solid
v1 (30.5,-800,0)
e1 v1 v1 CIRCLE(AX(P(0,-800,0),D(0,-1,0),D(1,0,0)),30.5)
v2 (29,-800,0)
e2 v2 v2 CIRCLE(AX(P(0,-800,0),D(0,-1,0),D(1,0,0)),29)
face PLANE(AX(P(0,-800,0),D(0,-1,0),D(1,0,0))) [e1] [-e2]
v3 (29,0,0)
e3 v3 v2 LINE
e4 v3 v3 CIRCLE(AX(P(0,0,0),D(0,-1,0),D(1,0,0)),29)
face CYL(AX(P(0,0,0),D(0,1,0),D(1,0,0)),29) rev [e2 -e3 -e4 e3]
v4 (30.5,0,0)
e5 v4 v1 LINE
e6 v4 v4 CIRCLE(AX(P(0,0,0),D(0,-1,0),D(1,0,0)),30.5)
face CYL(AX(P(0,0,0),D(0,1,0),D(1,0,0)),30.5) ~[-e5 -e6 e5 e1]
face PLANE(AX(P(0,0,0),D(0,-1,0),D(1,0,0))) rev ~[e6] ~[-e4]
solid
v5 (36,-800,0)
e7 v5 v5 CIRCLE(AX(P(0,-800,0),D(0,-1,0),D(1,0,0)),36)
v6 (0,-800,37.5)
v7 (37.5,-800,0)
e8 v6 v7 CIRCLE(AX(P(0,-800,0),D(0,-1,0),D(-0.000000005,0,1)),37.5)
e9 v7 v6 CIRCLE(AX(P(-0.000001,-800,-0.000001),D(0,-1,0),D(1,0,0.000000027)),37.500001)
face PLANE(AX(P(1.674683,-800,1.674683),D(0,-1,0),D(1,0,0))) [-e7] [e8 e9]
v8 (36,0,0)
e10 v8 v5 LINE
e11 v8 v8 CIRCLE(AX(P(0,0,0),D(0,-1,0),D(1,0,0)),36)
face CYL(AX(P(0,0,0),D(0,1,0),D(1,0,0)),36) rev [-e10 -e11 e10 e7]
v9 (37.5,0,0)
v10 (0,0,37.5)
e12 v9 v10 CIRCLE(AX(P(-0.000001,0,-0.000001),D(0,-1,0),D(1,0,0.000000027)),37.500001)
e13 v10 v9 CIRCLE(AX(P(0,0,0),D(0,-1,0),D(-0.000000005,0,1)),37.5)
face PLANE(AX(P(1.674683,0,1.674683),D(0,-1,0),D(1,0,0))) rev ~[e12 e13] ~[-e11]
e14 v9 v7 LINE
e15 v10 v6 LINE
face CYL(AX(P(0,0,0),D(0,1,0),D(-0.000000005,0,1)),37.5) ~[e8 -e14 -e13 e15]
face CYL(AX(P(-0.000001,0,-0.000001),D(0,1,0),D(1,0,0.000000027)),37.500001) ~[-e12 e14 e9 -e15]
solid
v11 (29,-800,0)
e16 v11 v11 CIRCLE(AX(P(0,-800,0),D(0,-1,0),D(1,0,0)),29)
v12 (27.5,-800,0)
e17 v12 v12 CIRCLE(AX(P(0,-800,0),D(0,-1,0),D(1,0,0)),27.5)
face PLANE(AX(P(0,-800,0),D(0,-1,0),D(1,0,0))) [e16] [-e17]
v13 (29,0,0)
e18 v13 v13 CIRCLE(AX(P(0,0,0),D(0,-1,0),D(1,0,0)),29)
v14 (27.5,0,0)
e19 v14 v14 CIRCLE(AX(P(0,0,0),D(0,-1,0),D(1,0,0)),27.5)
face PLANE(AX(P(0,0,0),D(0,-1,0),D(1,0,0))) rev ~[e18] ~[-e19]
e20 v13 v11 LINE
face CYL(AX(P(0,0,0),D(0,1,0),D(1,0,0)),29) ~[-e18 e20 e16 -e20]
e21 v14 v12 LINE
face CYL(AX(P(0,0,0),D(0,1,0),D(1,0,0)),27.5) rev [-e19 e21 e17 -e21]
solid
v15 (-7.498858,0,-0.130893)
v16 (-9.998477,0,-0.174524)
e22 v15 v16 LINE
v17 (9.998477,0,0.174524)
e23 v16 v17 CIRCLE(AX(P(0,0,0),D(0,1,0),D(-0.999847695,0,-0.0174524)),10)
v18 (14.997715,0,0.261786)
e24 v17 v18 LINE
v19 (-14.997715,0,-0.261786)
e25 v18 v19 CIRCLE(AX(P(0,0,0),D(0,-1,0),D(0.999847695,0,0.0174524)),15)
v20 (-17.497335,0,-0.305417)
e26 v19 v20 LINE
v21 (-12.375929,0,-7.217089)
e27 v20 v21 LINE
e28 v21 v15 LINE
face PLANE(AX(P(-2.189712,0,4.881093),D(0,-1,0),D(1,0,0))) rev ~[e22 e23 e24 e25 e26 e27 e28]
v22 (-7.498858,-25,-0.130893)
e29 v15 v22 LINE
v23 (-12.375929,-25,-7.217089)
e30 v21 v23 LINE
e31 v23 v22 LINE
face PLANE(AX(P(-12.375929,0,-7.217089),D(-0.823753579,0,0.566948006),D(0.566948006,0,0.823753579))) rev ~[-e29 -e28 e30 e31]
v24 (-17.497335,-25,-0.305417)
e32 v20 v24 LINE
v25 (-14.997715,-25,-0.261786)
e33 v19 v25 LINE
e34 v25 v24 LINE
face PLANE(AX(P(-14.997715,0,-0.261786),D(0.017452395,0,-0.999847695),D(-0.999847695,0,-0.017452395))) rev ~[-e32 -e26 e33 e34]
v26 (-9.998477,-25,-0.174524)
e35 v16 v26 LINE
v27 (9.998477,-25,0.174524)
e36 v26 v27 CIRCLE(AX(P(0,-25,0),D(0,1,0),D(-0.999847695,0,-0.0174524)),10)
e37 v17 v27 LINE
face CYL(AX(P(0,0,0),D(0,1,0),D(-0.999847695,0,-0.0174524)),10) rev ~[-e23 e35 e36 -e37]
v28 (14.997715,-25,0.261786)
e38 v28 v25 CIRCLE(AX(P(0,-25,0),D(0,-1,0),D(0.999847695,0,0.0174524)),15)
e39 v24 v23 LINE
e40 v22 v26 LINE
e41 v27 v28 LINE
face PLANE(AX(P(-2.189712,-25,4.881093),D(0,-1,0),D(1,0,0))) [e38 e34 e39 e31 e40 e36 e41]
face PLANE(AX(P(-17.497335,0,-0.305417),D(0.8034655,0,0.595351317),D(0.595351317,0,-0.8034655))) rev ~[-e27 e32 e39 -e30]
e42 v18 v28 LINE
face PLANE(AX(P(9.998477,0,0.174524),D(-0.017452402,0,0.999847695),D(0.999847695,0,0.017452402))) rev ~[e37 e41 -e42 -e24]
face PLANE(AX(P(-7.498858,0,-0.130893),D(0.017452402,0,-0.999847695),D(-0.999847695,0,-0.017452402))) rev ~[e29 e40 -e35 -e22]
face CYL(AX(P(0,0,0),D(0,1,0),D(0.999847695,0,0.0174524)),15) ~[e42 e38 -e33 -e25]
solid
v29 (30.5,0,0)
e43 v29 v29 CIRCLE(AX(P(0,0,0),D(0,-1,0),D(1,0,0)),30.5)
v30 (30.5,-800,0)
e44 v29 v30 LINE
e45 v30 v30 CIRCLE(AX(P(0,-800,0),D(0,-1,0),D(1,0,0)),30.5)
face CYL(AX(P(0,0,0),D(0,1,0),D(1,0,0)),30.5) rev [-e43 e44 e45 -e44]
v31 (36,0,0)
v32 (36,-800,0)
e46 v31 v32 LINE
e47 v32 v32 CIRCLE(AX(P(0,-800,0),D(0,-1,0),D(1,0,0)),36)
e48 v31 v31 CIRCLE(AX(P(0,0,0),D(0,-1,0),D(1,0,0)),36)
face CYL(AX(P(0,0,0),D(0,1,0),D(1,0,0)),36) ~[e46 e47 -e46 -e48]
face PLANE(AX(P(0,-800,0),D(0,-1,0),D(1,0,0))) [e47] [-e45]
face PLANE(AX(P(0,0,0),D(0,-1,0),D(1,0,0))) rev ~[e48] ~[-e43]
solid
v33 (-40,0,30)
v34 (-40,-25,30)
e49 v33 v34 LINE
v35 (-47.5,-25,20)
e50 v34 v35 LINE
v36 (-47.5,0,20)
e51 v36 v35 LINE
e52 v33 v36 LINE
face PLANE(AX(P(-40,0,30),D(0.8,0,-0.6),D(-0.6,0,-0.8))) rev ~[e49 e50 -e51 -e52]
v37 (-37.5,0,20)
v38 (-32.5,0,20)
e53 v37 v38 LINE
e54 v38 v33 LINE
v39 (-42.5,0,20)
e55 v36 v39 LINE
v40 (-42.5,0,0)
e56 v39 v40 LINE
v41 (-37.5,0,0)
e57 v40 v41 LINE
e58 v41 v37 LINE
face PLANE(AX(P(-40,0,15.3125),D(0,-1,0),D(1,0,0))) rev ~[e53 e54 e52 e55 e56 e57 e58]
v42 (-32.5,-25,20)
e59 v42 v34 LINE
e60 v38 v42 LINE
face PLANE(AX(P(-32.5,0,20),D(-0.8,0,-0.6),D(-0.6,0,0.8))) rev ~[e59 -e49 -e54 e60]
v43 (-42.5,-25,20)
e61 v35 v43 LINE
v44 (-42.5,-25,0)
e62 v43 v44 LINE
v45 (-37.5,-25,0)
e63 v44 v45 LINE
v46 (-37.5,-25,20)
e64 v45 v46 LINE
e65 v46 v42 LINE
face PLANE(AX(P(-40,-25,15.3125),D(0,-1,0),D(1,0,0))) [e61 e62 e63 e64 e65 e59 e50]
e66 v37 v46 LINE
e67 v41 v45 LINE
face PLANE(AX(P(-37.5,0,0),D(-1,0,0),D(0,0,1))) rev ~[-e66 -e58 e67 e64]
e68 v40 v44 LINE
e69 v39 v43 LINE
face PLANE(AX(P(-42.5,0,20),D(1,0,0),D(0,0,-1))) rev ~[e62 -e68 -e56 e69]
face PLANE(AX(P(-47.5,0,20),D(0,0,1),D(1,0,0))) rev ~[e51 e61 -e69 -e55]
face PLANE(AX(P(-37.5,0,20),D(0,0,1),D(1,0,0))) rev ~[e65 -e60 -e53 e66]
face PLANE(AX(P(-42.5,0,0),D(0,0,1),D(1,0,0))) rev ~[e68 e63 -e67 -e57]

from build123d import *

# Parameters (mm, degrees)
F0_R     = 29
F0_R_2   = 27.5
F1_DEPTH = 800
F0_R_3   = 30.5
F2_DEPTH = 800
F0_R_4   = 36
F3_DEPTH = 800
F4_DEPTH = 800
F6_DEPTH = 25
F8_DEPTH = 25


with BuildPart() as f1:
    # F0 (on Front) → F1 (new body)
    with BuildSketch(Plane.XZ):
        Circle(F0_R)
        Circle(F0_R_2, mode=Mode.SUBTRACT)
    extrude(amount=F1_DEPTH)


with BuildPart() as f2:
    # F0 (on Front) → F2 (new body, through all)
    with BuildSketch(Plane.XZ):
        Circle(F0_R_3)
        Circle(F0_R, mode=Mode.SUBTRACT)
    extrude(amount=F2_DEPTH)


with BuildPart() as f3:
    # F0 (on Front) → F3 (new body, through all)
    with BuildSketch(Plane.XZ):
        Circle(F0_R_4)
        Circle(F0_R_3, mode=Mode.SUBTRACT)
    extrude(amount=F3_DEPTH)


with BuildPart() as f4:
    # F0 (on Front) → F4 (new body, through all)
    with BuildSketch(Plane.XZ):
        with BuildLine():
            ThreePointArc((0, 37.5), (-26.516504, -26.516504), (37.5, 0))
            ThreePointArc((37.5, 0), (26.516504, 26.516504), (0, 37.5))
        make_face()
        Circle(F0_R_4, mode=Mode.SUBTRACT)
    extrude(amount=F4_DEPTH)


with BuildPart() as f6:
    # F5 (on Front) → F6 (new body)
    with BuildSketch(Plane.XZ):
        with BuildLine():
            Line((9.998477, 0.174524), (14.997715, 0.261786))
            ThreePointArc((14.997715, 0.261786), (-0.261786, 14.997715), (-14.997715, -0.261786))
            Line((-14.997715, -0.261786), (-17.497335, -0.305417))
            Line((-17.497335, -0.305417), (-12.375929, -7.217089))
            Line((-12.375929, -7.217089), (-7.498858, -0.130893))
            Line((-7.498858, -0.130893), (-9.998477, -0.174524))
            ThreePointArc((-9.998477, -0.174524), (-0.174524, 9.998477), (9.998477, 0.174524))
        make_face()
    extrude(amount=F6_DEPTH)


with BuildPart() as f8:
    # F7 (on Front) → F8 (new body)
    with BuildSketch(Plane.XZ):
        Polygon((-37.5, 0), (-37.5, 20), (-32.5, 20), (-40, 30), (-47.5, 20), (-42.5, 20), (-42.5, 0), align=None)
    extrude(amount=F8_DEPTH)


solid = Compound([f1.part, f2.part, f3.part, f4.part, f6.part, f8.part])
